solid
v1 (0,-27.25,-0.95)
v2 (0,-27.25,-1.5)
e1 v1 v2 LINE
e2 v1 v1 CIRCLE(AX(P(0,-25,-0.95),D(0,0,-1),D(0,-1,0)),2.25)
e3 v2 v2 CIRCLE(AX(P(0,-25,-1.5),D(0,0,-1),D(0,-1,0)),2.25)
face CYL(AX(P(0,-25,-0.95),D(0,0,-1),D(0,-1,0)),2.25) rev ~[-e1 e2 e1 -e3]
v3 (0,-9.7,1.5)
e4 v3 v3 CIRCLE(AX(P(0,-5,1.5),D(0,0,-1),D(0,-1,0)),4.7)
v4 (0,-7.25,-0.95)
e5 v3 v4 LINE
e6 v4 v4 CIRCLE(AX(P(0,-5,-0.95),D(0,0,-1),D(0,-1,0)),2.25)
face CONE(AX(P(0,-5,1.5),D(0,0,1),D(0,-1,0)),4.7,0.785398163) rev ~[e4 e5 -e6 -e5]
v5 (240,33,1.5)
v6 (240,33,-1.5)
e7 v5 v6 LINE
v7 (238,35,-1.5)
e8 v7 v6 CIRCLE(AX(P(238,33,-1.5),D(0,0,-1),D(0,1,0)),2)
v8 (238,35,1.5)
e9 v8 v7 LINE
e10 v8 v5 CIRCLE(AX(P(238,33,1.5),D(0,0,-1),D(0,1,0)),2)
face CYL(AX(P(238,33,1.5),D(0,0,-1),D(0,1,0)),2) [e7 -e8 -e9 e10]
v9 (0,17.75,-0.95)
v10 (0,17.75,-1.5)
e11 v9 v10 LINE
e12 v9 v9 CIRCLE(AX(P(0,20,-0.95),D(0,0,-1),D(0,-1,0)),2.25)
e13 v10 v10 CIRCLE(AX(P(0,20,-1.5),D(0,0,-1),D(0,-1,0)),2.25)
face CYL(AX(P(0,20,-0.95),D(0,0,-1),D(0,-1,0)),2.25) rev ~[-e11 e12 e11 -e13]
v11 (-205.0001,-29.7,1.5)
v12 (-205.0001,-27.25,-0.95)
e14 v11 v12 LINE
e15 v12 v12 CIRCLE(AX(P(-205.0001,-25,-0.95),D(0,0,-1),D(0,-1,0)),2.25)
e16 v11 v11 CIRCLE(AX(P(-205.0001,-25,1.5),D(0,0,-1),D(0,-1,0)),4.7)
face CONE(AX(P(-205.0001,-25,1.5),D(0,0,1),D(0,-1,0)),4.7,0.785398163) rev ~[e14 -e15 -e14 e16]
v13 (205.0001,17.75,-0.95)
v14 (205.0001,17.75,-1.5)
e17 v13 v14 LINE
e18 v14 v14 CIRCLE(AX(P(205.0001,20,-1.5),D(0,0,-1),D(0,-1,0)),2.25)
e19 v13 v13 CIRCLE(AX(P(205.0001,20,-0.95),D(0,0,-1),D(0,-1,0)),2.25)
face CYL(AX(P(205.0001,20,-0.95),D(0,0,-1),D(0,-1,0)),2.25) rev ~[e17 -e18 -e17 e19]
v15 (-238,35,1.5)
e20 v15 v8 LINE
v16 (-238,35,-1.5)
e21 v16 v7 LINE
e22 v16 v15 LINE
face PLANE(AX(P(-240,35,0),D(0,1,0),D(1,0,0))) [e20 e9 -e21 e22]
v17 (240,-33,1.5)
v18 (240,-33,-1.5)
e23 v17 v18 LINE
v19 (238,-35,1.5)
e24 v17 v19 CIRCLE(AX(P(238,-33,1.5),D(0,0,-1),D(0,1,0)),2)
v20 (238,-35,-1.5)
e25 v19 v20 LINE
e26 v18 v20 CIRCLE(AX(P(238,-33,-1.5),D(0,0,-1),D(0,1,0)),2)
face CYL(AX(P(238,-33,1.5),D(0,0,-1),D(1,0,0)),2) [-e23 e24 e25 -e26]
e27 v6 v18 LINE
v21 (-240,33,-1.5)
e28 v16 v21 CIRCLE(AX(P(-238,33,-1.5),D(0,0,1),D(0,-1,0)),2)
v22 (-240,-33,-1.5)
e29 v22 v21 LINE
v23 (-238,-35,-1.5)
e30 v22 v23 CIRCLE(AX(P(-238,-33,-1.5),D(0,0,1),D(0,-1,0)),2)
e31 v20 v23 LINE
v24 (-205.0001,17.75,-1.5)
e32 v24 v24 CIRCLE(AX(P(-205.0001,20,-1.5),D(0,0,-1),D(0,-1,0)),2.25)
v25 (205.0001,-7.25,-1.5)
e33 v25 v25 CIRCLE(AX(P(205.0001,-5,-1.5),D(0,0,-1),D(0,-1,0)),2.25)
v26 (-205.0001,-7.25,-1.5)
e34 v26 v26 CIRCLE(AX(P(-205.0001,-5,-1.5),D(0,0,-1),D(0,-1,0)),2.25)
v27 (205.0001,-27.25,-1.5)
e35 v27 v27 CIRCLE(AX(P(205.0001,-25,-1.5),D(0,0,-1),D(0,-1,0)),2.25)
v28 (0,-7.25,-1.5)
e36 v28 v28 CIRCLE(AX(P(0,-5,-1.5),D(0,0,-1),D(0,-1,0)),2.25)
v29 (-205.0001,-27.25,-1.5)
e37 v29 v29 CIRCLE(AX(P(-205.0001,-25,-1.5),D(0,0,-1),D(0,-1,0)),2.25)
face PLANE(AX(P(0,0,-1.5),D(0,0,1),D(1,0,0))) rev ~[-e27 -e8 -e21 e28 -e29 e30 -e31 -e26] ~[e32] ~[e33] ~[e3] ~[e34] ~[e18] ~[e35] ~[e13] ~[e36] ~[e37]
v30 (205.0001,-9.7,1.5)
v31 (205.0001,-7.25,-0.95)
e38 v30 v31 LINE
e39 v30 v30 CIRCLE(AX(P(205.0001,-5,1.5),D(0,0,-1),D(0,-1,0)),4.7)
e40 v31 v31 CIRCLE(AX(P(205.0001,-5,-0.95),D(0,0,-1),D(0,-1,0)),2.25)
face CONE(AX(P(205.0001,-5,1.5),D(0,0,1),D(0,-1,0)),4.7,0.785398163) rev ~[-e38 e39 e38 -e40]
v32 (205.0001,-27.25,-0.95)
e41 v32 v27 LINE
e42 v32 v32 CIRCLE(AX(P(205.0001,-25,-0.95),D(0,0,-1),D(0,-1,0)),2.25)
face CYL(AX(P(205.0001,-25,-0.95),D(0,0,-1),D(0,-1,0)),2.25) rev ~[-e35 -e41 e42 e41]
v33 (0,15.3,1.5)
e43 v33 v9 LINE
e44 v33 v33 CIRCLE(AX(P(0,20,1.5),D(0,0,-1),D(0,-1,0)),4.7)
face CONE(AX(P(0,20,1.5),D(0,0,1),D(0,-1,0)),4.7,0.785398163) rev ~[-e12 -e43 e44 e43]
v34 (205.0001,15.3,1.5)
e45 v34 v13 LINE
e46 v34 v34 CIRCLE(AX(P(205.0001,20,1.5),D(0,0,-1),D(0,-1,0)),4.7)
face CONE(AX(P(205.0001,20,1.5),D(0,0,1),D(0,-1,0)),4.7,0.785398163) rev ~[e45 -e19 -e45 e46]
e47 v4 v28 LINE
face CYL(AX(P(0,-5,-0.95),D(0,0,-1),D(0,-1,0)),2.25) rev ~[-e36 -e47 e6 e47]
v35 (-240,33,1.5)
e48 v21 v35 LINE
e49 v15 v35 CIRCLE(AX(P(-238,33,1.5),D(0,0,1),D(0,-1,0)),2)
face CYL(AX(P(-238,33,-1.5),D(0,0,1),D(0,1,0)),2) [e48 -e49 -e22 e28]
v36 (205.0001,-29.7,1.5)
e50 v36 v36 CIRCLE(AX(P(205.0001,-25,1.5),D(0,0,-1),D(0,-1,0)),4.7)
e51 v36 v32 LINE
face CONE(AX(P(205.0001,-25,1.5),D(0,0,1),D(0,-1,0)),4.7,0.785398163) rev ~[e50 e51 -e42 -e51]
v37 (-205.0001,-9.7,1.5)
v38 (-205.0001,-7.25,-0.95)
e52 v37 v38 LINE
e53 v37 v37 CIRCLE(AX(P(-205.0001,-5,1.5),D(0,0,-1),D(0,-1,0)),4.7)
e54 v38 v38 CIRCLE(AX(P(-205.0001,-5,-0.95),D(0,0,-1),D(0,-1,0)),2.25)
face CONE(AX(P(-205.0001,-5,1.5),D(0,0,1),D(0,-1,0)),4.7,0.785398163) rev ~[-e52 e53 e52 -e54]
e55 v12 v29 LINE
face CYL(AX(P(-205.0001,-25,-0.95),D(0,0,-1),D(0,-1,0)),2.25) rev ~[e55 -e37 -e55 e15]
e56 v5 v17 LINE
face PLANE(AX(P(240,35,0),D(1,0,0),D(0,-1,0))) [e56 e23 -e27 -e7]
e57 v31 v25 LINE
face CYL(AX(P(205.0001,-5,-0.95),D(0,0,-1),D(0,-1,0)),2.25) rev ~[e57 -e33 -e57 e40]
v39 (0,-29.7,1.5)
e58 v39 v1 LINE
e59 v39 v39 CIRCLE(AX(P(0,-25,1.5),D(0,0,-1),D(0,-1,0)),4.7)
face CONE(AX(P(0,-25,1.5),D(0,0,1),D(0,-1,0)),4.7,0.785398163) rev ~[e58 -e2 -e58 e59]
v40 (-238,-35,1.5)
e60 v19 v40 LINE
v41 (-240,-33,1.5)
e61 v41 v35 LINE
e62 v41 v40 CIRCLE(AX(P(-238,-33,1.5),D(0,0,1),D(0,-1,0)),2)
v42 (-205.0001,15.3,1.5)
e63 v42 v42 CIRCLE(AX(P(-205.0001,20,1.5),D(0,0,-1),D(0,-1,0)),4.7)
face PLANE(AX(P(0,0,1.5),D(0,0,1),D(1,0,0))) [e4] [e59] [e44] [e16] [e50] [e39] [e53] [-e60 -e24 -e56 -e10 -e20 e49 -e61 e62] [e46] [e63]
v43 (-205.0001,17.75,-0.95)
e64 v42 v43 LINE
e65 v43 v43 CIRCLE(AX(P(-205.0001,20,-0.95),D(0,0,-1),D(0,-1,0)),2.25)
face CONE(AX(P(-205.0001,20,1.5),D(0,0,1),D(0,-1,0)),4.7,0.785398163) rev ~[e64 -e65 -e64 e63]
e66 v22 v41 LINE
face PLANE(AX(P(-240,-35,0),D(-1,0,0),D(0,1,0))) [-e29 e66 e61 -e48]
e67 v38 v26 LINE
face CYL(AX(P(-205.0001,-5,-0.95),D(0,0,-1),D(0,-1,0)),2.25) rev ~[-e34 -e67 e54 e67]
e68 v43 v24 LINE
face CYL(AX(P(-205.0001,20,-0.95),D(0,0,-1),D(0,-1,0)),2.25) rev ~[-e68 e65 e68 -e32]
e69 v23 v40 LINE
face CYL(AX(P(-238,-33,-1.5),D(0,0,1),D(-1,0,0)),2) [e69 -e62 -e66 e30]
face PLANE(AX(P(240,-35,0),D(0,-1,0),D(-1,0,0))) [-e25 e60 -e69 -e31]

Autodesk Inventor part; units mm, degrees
ref_plane "YZ Plane" through (0, 0, 0) normal (1, 0, 0) x (0, 1, 0)
ref_plane "XZ Plane" through (0, 0, 0) normal (0, 1, 0) x (-1, 0, 0)
ref_plane "XY Plane" through (0, 0, 0) normal (0, 0, 1) x (1, 0, 0)
sketch "Sketch1" plane through (0, 0, 0) normal (0, 0, 1) x (1, 0, 0)
  line L0 (-240, 35) -> (240, 35)
  line L1 (240, 35) -> (240, -35)
  line L2 (240, -35) -> (-240, -35)
  line L3 (-240, -35) -> (-240, 35)
  line L4 (-240, 35) -> (240, -35) construction
  line L5 (240, 35) -> (-240, -35) construction
  point P0 (0, 0)
  dimension "d0" = 70
  dimension "d1" = 480
extrude "Extrusion1" add sketch "Sketch1" along normal mid plane 3
sketch "Sketch2" plane through (0, 0, 1.5) normal (0, 0, 1) x (1, 0, 0)
  line L0 (-225.0001, 20) -> (225.0001, 20)
  line L1 (225.0001, 20) -> (225.0001, -25)
  line L2 (225.0001, -25) -> (-225.0001, -25)
  line L3 (-225.0001, -25) -> (-225.0001, 20)
  line L4 (240, 35) -> (-240, 35) projected
  line L5 (-240, -35) -> (240, -35) projected
  line L6 (-225.0001, -5) -> (225.0001, -5)
  line L7 (-240, 35) -> (-240, -35) projected
  point P0 (0, 0)
  point P1 (0, 20)
  point P2 (-205.0001, 20)
  point P3 (-205.0001, -25)
  point P4 (205.0001, 20)
  point P5 (205.0001, -25)
  point P6 (0, 20)
  point P7 (0, -25)
  point P8 (-205.0001, -5)
  point P9 (0, -5)
  point P10 (205.0001, -5)
  dimension "d5" = 15
  dimension "d19" = 20
  dimension "d20" = 20
  dimension "d21" = 10
  dimension "d22" = 20
  dimension "d23" = 14.9999
hole "Hole1" at (-205.0001, 20, 1.5) at (-205.0001, -25, 1.5) at (205.0001, 20, 1.5) at (205.0001, -25, 1.5) at (0, 20, 1.5) at (0, -25, 1.5) at (-205.0001, -5, 1.5) at (0, -5, 1.5) at (205.0001, -5, 1.5) direction (0, 0, -1) diameter 4.5 end through all countersink diameter 9.4 countersink angle 90 clearance for "Countersunk Flat Head Screw ISO 2009/7046" size "M4" standard "ISO"
fillet "Fillet1" radius 2 4 edges at (240, -35, 0) (240, 35, 0) (-240, -35, 0) (-240, 35, 0)
properties part number "PBLMK-041-2" material "Aluminum"
